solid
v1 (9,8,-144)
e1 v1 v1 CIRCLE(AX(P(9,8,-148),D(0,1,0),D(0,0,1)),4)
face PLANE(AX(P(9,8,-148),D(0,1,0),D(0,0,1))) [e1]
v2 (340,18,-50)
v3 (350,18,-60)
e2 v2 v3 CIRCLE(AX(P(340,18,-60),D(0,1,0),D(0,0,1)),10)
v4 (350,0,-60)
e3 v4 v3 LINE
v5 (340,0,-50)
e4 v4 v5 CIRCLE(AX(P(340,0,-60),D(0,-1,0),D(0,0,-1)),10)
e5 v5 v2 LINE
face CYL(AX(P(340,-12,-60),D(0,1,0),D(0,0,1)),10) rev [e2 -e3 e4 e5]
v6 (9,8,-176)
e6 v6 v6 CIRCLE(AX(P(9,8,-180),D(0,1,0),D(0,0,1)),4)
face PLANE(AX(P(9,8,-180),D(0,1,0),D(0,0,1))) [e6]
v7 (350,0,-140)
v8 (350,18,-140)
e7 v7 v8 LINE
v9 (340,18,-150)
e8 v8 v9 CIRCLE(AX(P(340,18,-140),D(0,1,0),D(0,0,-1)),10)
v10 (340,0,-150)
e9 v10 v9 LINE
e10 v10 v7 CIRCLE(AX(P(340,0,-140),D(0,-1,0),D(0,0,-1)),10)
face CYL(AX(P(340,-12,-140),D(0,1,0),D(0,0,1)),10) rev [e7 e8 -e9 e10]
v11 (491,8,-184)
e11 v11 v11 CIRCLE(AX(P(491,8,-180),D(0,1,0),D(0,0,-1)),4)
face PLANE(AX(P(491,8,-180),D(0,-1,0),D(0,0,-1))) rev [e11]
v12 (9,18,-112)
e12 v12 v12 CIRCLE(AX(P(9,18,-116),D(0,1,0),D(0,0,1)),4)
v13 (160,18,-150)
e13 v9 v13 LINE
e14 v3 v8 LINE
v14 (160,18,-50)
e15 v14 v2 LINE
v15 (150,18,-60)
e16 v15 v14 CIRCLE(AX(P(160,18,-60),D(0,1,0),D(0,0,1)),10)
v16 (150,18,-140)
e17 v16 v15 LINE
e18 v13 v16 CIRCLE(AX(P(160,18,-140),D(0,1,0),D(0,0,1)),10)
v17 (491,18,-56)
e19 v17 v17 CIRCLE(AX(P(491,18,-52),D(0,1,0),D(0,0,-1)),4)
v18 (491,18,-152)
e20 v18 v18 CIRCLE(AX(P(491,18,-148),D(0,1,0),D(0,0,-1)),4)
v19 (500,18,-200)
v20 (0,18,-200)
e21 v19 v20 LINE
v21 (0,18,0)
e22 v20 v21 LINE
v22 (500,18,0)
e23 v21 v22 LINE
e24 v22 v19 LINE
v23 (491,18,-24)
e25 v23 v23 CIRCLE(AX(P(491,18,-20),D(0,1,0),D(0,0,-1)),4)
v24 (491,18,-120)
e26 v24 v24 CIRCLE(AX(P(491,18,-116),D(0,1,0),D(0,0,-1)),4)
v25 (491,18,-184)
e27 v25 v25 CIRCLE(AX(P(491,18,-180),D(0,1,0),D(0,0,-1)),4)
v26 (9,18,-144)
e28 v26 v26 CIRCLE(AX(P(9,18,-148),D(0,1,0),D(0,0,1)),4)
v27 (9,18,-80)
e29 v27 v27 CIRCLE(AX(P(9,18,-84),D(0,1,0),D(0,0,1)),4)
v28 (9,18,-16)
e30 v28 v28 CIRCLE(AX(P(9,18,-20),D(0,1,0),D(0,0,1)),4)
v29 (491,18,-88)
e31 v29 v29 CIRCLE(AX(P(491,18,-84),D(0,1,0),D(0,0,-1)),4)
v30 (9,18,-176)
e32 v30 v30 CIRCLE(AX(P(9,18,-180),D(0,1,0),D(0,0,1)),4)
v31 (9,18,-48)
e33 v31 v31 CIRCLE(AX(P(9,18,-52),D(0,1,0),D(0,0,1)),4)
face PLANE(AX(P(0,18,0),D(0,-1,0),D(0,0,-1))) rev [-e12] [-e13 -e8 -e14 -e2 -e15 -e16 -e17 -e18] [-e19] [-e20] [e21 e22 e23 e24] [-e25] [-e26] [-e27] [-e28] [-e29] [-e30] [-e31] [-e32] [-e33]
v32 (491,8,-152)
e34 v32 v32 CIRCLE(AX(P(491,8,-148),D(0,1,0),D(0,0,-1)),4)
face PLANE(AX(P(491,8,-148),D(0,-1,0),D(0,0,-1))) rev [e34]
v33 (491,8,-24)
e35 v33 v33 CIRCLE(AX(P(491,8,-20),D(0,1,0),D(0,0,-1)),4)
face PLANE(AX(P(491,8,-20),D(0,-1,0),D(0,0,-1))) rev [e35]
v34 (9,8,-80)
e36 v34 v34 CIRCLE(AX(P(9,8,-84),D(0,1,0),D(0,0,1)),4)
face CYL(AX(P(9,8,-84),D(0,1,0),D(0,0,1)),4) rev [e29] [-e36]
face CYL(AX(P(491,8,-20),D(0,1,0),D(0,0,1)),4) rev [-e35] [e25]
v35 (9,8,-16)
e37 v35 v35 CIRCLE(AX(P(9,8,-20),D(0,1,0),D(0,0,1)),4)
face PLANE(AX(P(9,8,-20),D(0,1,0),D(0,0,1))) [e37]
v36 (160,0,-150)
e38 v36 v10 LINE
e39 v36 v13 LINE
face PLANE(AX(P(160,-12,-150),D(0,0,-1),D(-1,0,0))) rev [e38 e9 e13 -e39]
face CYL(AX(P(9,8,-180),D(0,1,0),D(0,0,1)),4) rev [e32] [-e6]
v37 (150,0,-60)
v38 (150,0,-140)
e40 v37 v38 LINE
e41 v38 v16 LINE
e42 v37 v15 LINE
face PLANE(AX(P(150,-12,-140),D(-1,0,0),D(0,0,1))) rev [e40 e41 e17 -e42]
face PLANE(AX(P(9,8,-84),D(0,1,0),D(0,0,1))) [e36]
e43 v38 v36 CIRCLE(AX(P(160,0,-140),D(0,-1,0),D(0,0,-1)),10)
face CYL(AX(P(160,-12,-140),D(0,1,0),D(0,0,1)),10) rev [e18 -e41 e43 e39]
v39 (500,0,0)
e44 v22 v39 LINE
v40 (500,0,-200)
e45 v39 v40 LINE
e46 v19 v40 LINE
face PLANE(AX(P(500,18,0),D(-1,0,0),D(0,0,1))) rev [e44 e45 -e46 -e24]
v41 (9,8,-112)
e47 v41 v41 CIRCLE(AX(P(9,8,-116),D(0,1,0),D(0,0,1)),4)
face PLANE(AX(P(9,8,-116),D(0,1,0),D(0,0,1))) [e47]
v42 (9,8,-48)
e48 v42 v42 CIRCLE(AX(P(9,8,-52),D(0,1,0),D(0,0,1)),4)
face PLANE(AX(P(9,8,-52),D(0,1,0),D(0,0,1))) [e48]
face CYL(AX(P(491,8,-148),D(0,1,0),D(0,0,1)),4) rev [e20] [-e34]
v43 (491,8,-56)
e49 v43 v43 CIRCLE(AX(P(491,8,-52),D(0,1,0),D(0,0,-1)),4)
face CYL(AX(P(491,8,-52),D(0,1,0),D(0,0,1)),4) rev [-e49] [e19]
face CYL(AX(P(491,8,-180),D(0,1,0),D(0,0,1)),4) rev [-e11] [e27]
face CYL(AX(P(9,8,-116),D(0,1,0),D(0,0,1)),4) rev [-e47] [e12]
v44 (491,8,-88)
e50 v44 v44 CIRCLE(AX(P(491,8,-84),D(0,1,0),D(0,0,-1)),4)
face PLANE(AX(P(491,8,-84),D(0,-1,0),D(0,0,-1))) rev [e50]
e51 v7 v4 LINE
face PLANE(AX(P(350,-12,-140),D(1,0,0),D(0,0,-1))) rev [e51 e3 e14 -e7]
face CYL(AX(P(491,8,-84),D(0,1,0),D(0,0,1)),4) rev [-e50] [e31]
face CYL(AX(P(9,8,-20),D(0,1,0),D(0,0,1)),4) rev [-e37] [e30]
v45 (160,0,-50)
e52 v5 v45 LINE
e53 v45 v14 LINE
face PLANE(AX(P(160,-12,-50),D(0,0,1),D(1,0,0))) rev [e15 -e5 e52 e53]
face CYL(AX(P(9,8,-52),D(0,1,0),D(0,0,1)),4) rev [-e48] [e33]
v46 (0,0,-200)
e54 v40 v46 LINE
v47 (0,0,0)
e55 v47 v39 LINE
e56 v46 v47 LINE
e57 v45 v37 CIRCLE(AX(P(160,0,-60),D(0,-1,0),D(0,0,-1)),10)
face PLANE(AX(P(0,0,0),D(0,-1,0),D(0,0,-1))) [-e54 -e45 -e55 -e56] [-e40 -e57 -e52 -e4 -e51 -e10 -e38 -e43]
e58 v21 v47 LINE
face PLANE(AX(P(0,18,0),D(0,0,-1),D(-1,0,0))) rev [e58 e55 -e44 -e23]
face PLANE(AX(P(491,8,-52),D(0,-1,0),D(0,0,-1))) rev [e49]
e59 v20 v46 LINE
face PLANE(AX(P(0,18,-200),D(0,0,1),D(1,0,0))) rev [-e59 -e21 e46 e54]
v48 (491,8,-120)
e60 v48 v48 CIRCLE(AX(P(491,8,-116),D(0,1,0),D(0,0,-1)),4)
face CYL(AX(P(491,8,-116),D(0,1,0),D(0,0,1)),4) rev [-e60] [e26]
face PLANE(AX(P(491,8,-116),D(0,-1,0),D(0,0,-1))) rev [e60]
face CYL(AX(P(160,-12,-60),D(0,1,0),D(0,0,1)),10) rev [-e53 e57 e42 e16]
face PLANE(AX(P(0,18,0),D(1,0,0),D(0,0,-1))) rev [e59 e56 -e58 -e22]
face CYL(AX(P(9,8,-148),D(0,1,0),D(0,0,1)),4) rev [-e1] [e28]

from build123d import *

# Parameters (mm, degrees)
SKETCH1_W           = 500
SKETCH1_H           = 200
BOSS_EXTRUDE1_DEPTH = 18
SKETCH2_R           = 4
CUT_EXTRUDE1_DEPTH  = 10
CUT_EXTRUDE2_DEPTH  = 30


with BuildPart() as part:
    # Sketch1 → Boss-Extrude1 (new body)
    with BuildSketch(Plane(origin=(0, 0, 0), x_dir=(1, 0, 0), z_dir=(0, 1, 0))):
        with Locations((250, 100)):
            Rectangle(SKETCH1_W, SKETCH1_H)
    extrude(amount=BOSS_EXTRUDE1_DEPTH)

    # Sketch2 → Cut-Extrude1 (cut)
    with BuildSketch(Plane(origin=(0, 18, 0), x_dir=(1, 0, 0), z_dir=(0, 1, 0))):
        with Locations(Location((9, 180, 0), (0, 0, 270))):
            Circle(SKETCH2_R)
        with Locations(Location((9, 148, 0), (0, 0, 270))):
            Circle(SKETCH2_R)
        with Locations(Location((9, 116, 0), (0, 0, 270))):
            Circle(SKETCH2_R)
        with Locations(Location((9, 84, 0), (0, 0, 270))):
            Circle(SKETCH2_R)
        with Locations(Location((9, 52, 0), (0, 0, 270))):
            Circle(SKETCH2_R)
        with Locations(Location((9, 20, 0), (0, 0, 270))):
            Circle(SKETCH2_R)
        with Locations(Location((491, 20, 0), (0, 0, 90))):
            Circle(SKETCH2_R)
        with Locations(Location((491, 52, 0), (0, 0, 90))):
            Circle(SKETCH2_R)
        with Locations(Location((491, 84, 0), (0, 0, 90))):
            Circle(SKETCH2_R)
        with Locations(Location((491, 116, 0), (0, 0, 90))):
            Circle(SKETCH2_R)
        with Locations(Location((491, 148, 0), (0, 0, 90))):
            Circle(SKETCH2_R)
        with Locations(Location((491, 180, 0), (0, 0, 90))):
            Circle(SKETCH2_R)
    extrude(amount=-CUT_EXTRUDE1_DEPTH, mode=Mode.SUBTRACT)

    # Sketch3 → Cut-Extrude2 (cut)
    with BuildSketch(Plane(origin=(0, 18, 0), x_dir=(1, 0, 0), z_dir=(0, 1, 0))):
        with BuildLine():
            Line((160, 150), (340, 150))
            ThreePointArc((340, 150), (347.071067812, 147.071067812), (350, 140))
            Line((350, 140), (350, 60))
            ThreePointArc((350, 60), (347.071067812, 52.928932188), (340, 50))
            Line((340, 50), (160, 50))
            ThreePointArc((160, 50), (152.928932188, 52.928932188), (150, 60))
            Line((150, 60), (150, 140))
            ThreePointArc((150, 140), (152.928932188, 147.071067812), (160, 150))
        make_face()
    extrude(amount=-CUT_EXTRUDE2_DEPTH, mode=Mode.SUBTRACT)


solid = part.part
